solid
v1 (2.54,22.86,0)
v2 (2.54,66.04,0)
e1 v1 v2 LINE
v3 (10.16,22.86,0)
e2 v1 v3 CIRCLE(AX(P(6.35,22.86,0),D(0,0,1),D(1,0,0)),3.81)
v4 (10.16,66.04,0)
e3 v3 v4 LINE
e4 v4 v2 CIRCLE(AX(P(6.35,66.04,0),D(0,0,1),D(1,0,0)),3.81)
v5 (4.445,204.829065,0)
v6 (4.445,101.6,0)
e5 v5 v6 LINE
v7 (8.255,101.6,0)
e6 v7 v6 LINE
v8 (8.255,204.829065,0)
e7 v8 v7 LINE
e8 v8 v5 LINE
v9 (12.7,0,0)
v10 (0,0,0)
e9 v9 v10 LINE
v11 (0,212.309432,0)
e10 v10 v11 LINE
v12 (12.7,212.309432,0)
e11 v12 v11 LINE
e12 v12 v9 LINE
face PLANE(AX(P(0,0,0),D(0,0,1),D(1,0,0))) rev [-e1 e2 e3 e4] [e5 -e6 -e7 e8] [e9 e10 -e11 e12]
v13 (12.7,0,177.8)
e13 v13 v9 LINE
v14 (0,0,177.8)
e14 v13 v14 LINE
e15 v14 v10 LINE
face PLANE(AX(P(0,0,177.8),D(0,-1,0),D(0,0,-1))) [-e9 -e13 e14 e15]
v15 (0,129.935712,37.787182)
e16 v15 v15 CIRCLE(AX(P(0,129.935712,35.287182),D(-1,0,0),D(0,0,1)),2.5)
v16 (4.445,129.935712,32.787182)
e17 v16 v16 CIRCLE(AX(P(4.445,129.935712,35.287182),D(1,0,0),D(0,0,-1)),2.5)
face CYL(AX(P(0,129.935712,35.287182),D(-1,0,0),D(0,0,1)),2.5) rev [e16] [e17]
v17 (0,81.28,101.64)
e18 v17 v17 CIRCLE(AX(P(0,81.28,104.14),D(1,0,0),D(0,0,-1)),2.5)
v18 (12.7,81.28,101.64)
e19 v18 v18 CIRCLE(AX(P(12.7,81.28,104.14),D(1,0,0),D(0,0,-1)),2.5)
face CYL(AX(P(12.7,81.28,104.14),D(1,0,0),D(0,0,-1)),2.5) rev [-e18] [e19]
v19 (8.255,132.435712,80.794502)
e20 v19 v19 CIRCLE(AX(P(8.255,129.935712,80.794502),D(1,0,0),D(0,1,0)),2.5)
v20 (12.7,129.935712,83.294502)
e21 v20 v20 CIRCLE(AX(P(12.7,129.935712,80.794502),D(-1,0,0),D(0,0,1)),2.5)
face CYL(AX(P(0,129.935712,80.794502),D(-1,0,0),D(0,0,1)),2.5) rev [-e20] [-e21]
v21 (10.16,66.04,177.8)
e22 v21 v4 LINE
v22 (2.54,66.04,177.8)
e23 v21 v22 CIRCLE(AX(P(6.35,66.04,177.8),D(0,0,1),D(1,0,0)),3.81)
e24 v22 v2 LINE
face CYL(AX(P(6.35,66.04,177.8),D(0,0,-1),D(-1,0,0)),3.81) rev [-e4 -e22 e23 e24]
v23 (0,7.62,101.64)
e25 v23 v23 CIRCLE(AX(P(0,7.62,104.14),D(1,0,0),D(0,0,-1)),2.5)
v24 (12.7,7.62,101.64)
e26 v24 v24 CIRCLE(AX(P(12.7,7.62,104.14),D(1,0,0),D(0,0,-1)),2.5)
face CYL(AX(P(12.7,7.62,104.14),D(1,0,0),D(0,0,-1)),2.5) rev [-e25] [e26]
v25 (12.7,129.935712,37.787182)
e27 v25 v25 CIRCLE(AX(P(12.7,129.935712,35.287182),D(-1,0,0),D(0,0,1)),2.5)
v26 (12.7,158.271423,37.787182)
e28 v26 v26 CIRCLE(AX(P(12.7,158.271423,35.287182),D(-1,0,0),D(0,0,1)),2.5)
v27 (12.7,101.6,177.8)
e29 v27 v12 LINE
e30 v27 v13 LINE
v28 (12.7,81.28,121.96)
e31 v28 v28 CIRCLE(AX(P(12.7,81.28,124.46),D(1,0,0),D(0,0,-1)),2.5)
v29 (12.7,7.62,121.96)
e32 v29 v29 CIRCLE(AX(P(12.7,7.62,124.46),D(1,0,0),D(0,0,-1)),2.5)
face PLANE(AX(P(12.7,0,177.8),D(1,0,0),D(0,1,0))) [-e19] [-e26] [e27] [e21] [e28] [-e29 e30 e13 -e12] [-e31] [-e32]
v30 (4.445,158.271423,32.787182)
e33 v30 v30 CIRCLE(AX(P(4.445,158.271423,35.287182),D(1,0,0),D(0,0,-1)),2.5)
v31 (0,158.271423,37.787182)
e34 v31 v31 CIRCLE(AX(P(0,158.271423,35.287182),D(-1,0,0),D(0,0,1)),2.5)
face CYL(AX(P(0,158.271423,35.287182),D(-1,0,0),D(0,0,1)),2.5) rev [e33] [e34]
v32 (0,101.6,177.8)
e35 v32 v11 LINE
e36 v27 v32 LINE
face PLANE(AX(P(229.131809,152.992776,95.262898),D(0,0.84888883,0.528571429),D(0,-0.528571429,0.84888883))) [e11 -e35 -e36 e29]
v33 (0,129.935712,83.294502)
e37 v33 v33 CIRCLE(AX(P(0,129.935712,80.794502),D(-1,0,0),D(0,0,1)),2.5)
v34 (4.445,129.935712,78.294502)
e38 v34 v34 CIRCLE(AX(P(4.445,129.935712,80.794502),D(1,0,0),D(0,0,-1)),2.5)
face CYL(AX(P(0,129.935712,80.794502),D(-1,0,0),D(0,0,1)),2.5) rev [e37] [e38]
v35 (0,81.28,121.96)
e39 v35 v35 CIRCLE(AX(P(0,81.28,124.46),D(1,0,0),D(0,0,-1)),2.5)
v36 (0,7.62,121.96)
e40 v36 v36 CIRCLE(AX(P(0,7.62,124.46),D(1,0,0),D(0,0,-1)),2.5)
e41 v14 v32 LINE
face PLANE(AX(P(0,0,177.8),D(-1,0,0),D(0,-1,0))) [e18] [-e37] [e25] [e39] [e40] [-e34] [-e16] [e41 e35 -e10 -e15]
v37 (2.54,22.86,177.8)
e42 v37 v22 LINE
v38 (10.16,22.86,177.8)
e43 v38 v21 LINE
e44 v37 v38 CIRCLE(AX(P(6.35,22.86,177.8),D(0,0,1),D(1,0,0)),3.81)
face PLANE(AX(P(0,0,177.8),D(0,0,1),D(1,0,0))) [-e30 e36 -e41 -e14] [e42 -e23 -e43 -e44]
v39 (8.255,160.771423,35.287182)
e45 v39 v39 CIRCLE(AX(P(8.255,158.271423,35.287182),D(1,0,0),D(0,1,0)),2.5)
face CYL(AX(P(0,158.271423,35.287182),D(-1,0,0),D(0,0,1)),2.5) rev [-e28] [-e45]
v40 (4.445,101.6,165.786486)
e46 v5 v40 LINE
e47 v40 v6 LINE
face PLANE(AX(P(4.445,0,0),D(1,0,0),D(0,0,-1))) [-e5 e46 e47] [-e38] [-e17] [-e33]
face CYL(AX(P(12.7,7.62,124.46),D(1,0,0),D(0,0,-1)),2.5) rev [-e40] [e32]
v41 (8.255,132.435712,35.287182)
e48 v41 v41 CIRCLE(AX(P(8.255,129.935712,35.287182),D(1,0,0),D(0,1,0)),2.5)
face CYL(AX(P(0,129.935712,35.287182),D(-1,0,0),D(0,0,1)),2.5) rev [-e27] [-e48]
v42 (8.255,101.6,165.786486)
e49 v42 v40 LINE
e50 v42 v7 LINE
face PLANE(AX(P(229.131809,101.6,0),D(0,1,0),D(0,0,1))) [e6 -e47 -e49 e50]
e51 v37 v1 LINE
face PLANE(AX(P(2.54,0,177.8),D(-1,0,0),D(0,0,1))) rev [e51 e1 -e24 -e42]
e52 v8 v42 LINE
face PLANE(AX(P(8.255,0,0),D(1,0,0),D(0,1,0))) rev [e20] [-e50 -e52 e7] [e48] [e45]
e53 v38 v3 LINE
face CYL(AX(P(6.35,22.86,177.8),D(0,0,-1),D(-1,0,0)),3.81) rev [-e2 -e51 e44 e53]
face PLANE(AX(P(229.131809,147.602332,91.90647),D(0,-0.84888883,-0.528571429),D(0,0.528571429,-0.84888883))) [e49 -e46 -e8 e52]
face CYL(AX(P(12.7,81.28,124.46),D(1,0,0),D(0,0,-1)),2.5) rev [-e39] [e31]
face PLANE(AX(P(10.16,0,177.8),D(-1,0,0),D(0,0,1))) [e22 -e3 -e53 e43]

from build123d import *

# Parameters (mm, degrees)
BOSS_EXTRUDE1_DEPTH   = 177.8
BOSS_EXTRUDE2_DEPTH   = 12.7
BOSS_EXTRUDE4_DEPTH   = 4.445
BOSS_EXTRUDE5_DEPTH   = 4.445
M6X1_0_TAPPED_HOLE1_D = 5
M6X1_0_TAPPED_HOLE2_D = 5


with BuildPart() as part:
    # Sketch1 → Boss-Extrude1 (new body)
    with BuildSketch(Plane.XY):
        with BuildLine():
            Line((0, 88.9), (0, 44.45))
            Line((0, 44.45), (2.54, 44.45))
            Line((2.54, 44.45), (2.54, 66.04))
            ThreePointArc((2.54, 66.04), (3.655923164, 68.734076836), (6.35, 69.85))
            ThreePointArc((6.35, 69.85), (9.044076836, 68.734076836), (10.16, 66.04))
            Line((10.16, 66.04), (10.16, 44.45))
            Line((10.16, 44.45), (12.7, 44.45))
            Line((12.7, 44.45), (12.7, 88.9))
            Line((12.7, 88.9), (0, 88.9))
        make_face()
        with BuildLine():
            Line((0, 44.45), (0, 0))
            Line((0, 0), (12.7, 0))
            Line((12.7, 0), (12.7, 44.45))
            Line((12.7, 44.45), (10.16, 44.45))
            Line((10.16, 44.45), (10.16, 22.86))
            ThreePointArc((10.16, 22.86), (9.044076836, 20.165923164), (6.35, 19.05))
            ThreePointArc((6.35, 19.05), (3.655923164, 20.165923164), (2.54, 22.86))
            Line((2.54, 22.86), (2.54, 44.45))
            Line((2.54, 44.45), (0, 44.45))
        make_face()
    extrude(amount=BOSS_EXTRUDE1_DEPTH)

    # Sketch5 → Boss-Extrude2 (add)
    with BuildSketch(Plane(origin=(0, 0, 0), x_dir=(0, 0, -1), z_dir=(1, 0, 0))):
        Polygon((-177.8, 101.6), (-177.8, 88.9), (0, 88.9), (0, 101.6), (-12.013513514, 101.6), (-165.786486486, 101.6), align=None)
        Polygon((-49.675142857, 181.378572199), (-177.8, 101.6), (-165.786486486, 101.6), (-88.904700233, 149.471422238), (-46.318714286, 175.988128132), align=None)
        Polygon((0, 212.309431825), (-49.675142857, 181.378572199), (-46.318714286, 175.988128132), (0, 204.82906481), align=None)
    extrude(amount=BOSS_EXTRUDE2_DEPTH)

    # Sketch6 → Boss-Extrude4 (add)
    with BuildSketch(Plane(origin=(12.7, 0, 0), x_dir=(0, 0, -1), z_dir=(1, 0, 0))):
        Polygon((-88.904700233, 149.471422238), (-165.786486486, 101.6), (-12.013513514, 101.6), (-3.356428571, 106.990444068), (-46.318714286, 175.988128132), align=None)
        Polygon((0, 204.82906481), (-46.318714286, 175.988128132), (-3.356428571, 106.990444068), (0, 109.080367015), align=None)
        Polygon((-12.013513514, 101.6), (0, 101.6), (-3.356428571, 106.990444068), align=None)
        Polygon((-3.356428571, 106.990444068), (0, 101.6), (0, 109.080367015), align=None)
    extrude(amount=-BOSS_EXTRUDE4_DEPTH)

    # Sketch5<6> → Boss-Extrude5 (add)
    with BuildSketch(Plane(origin=(0, 0, 0), x_dir=(0, 0, -1), z_dir=(1, 0, 0))):
        Polygon((-88.904700233, 149.471422238), (-165.786486486, 101.6), (-12.013513514, 101.6), (-3.356428571, 106.990444068), (-46.318714286, 175.988128132), align=None)
        Polygon((0, 204.82906481), (-46.318714286, 175.988128132), (-3.356428571, 106.990444068), (0, 109.080367015), align=None)
        Polygon((-12.013513514, 101.6), (0, 101.6), (-3.356428571, 106.990444068), align=None)
        Polygon((-3.356428571, 106.990444068), (0, 101.6), (0, 109.080367015), align=None)
    extrude(amount=BOSS_EXTRUDE5_DEPTH)

    # M6x1.0 Tapped Hole1 (through all)
    with Locations(Plane(origin=(12.7, 0, 0), x_dir=(0, 0, -1), z_dir=(1, 0, 0))):
        with Locations((-124.46, 7.62), (-104.14, 81.28), (-124.46, 81.28), (-104.14, 7.62)):
            Hole(M6X1_0_TAPPED_HOLE1_D / 2)

    # M6x1.0 Tapped Hole2 (through all)
    with Locations(Plane(origin=(0, 0, 0), x_dir=(0, 0, -1), z_dir=(-1, 0, 0))):
        with Locations((-35.287182484, -129.93571152), (-80.794502188, -129.93571152), (-35.287182484, -158.271423041)):
            Hole(M6X1_0_TAPPED_HOLE2_D / 2)


solid = part.part
